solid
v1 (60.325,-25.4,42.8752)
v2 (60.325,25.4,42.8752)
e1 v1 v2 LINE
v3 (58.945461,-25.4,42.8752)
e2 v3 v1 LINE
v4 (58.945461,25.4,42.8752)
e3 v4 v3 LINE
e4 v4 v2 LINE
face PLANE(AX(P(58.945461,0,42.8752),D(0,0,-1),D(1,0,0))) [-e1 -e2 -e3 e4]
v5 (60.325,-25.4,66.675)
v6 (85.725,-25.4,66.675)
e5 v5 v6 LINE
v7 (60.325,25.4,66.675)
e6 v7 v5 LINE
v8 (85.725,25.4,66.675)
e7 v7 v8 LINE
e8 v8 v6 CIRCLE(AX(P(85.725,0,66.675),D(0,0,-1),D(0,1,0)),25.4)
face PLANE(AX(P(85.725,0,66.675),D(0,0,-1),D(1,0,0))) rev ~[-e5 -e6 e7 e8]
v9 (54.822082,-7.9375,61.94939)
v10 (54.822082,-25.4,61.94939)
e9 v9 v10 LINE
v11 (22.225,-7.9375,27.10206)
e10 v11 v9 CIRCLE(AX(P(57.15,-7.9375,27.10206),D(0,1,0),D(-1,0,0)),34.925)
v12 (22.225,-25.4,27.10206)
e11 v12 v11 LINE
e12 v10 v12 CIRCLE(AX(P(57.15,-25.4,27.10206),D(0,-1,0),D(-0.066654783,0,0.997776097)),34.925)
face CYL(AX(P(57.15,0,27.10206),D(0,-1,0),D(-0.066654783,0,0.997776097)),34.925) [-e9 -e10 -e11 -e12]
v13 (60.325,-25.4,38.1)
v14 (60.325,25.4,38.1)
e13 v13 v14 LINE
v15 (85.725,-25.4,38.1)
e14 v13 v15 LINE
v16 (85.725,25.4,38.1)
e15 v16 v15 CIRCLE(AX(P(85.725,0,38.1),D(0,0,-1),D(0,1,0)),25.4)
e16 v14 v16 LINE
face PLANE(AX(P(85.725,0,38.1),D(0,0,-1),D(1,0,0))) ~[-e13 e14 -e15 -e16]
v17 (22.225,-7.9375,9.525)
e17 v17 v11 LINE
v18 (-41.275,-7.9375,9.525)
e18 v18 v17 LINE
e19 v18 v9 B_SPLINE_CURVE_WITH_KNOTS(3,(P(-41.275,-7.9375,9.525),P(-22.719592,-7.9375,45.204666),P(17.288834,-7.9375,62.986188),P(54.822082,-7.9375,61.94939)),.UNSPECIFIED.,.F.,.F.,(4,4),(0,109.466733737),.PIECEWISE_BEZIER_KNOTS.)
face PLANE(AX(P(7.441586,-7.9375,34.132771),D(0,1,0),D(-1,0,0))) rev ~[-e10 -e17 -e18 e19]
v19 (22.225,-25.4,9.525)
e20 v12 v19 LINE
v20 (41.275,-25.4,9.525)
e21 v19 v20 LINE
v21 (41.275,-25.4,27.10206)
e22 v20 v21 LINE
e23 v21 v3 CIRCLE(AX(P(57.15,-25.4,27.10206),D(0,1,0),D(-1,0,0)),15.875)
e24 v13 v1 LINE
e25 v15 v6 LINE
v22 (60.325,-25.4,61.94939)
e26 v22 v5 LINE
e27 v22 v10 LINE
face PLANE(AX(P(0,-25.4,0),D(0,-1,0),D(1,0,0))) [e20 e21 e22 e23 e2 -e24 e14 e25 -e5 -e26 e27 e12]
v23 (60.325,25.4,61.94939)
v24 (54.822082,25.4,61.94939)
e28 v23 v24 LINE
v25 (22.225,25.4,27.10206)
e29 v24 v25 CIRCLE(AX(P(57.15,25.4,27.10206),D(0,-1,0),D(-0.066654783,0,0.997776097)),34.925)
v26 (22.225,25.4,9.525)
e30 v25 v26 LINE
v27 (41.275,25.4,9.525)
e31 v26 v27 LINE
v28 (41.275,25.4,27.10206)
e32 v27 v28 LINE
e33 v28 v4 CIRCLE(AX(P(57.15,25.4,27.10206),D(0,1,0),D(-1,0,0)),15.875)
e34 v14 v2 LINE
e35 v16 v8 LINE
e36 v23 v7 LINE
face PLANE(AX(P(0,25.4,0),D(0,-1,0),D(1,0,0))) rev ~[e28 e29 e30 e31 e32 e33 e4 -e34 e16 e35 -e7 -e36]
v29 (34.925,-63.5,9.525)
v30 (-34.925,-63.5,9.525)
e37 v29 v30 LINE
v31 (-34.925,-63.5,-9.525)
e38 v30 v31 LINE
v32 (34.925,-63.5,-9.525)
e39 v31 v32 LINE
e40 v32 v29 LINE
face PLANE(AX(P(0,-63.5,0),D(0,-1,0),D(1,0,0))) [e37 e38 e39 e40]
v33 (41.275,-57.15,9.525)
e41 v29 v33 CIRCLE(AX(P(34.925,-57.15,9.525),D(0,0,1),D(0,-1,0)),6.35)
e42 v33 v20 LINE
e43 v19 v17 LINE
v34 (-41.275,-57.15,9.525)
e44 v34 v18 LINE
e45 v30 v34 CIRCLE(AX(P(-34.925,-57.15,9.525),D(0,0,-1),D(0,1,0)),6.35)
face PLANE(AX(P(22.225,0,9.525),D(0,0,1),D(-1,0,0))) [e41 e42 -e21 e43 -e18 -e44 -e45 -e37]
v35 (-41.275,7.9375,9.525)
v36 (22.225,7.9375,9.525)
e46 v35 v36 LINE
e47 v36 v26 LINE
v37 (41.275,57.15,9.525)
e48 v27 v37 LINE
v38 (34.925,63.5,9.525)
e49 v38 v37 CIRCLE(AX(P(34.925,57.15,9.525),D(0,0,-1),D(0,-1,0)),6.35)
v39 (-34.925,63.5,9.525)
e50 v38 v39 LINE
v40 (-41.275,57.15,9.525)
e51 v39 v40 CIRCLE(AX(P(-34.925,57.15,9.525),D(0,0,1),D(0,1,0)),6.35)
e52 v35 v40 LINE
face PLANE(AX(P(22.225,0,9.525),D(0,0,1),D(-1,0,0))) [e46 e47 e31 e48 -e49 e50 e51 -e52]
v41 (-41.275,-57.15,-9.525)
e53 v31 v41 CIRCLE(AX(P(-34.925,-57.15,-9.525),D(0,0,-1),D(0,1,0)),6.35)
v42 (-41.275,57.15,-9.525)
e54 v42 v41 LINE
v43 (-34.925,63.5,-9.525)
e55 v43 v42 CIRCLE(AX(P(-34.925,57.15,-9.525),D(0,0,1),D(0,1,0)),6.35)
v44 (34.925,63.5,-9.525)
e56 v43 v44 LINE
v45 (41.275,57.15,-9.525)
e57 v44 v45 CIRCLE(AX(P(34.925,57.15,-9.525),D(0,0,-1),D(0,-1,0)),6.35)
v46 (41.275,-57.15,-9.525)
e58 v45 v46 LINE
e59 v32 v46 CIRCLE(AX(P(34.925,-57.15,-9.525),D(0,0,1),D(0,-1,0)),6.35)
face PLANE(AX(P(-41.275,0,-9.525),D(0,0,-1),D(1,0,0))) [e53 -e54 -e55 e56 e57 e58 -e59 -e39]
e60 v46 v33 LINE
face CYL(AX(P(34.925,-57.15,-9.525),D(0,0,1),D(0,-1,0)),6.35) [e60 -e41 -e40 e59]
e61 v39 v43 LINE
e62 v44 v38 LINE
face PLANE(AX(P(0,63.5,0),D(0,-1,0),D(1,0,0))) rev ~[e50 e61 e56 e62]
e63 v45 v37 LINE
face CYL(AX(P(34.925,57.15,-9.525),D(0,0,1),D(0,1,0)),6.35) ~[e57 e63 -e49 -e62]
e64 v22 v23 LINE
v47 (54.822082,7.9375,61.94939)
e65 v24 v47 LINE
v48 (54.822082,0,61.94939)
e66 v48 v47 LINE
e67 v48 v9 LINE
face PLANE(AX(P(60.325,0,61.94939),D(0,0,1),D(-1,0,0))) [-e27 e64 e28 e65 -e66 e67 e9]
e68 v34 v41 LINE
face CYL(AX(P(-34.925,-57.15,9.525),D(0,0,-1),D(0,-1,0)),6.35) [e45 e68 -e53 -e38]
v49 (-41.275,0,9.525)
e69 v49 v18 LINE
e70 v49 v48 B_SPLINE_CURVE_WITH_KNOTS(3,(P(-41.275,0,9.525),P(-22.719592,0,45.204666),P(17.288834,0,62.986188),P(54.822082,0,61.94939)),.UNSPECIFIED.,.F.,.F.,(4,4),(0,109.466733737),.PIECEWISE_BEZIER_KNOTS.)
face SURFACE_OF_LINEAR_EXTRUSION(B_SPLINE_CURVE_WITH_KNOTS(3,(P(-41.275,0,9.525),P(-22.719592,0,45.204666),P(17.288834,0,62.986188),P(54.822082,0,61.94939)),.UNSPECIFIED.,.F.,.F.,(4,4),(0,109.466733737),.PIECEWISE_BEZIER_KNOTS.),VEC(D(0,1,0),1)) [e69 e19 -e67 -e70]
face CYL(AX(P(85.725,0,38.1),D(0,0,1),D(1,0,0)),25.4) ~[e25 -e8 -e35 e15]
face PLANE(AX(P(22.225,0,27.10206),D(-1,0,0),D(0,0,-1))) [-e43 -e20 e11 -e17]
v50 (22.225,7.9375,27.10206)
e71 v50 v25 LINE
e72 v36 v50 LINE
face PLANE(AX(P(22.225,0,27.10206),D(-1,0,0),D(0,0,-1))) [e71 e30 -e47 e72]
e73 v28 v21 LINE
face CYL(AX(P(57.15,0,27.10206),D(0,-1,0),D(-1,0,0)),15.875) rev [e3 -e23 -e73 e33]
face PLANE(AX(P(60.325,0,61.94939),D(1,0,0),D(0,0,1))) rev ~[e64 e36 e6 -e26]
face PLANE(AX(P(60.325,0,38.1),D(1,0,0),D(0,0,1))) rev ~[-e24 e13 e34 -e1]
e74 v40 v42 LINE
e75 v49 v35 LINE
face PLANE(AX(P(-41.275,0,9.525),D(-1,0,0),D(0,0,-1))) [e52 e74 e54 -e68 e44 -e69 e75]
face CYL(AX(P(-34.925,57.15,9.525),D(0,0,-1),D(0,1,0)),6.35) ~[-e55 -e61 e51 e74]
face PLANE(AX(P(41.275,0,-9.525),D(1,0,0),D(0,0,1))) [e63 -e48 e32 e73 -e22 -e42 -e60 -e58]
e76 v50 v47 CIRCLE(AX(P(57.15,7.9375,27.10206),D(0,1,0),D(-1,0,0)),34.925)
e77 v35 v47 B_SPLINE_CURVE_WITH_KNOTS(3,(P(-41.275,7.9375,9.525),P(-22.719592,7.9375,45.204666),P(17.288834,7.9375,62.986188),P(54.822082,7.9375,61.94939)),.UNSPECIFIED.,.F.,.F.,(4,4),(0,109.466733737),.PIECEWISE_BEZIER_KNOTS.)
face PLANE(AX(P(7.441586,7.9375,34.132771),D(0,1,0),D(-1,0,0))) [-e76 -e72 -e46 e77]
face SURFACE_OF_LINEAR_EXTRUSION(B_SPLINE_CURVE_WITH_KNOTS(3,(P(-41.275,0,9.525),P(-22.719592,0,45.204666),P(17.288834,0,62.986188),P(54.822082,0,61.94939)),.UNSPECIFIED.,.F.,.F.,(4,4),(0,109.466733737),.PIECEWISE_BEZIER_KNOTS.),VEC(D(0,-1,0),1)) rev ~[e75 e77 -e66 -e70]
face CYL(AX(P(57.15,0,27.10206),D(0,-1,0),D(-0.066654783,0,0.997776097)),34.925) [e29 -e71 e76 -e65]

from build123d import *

# Parameters (mm, degrees)
F1_DEPTH = 63.5
F0_W     = 25.4
F0_H     = 4.7752
F0_H_2   = 4.7256098347
F0_H_3   = 19.0741901653
F2_DEPTH = 25.4
F3_DEPTH = 7.9375
F5_R     = 6.35


with BuildPart() as f1:
    # F0 (on Front) → F1 (new body, symmetric)
    with BuildSketch(Plane.XZ):
        Polygon((-41.275, 9.525), (-41.275, -9.525), (41.275, -9.525), (41.275, 9.525), (22.225, 9.525), align=None)
    extrude(amount=F1_DEPTH, both=True)

    # F0 (on Front) → F2 (join, symmetric)
    with BuildSketch(Plane.XZ):
        Polygon((-41.275, 9.525), (-41.275, -9.525), (41.275, -9.525), (41.275, 9.525), (22.225, 9.525), align=None)
        with Locations((73.025, 40.4876)):
            Rectangle(F0_W, F0_H)
        with Locations((73.025, 64.3121950827)):
            Rectangle(F0_W, F0_H_2)
        with BuildLine():
            Line((22.225, 9.525), (41.275, 9.525))
            Line((41.275, 9.525), (41.275, 27.1020599752))
            ThreePointArc((41.275, 27.1020599752), (46.5785126871, 38.9451710949), (58.9454605977, 42.8752))
            Line((58.9454605977, 42.8752), (60.325, 42.8752))
            Line((60.325, 42.8752), (60.325, 61.9493901653))
            Line((60.325, 61.9493901653), (54.8220816984, 61.9493901653))
            ThreePointArc((54.8220816984, 61.9493901653), (31.6445283156, 50.9605288942), (22.225, 27.1020599752))
            Line((22.225, 27.1020599752), (22.225, 9.525))
        make_face()
        with Locations((73.025, 52.4122950827)):
            Rectangle(F0_W, F0_H_3)
    extrude(amount=F2_DEPTH, both=True)

    # F0 (on Front) → F3 (join, symmetric)
    with BuildSketch(Plane.XZ):
        with BuildLine():
            add(Edge.make_bspline(
                [(-41.275, 9.525), (-22.719591856, 45.2046655118), (17.2888338566, 62.9861876369), (54.8220816984, 61.9493901653)],
                knots=[0, 0, 0, 0, 109.4667337375, 109.4667337375, 109.4667337375, 109.4667337375], degree=3))
            Line((-41.275, 9.525), (22.225, 9.525))
            Line((22.225, 9.525), (22.225, 27.1020599752))
            ThreePointArc((22.225, 27.1020599752), (31.6445283156, 50.9605288942), (54.8220816984, 61.9493901653))
        make_face()
    extrude(amount=F3_DEPTH, both=True)

    # F0 (on Front) → F4 (revolve)
    with BuildSketch(Plane.XZ):
        Polygon((85.725, 66.675), (85.725, 61.9493901653), (85.725, 42.8752), (85.725, 38.1), (111.125, 38.1), (111.125, 66.675), align=None)
    revolve(axis=Axis((85.725, 0, 52.3875), (0, 0, -1)))

    # F5
    f5_edges = [f1.edges().sort_by_distance(p)[0] for p in [
        (41.275, -63.5, 0),
        (-41.275, -63.5, 0),
        (-41.275, 63.5, 0),
        (41.275, 63.5, 0),
    ]]
    fillet(f5_edges, radius=F5_R)


solid = f1.part
